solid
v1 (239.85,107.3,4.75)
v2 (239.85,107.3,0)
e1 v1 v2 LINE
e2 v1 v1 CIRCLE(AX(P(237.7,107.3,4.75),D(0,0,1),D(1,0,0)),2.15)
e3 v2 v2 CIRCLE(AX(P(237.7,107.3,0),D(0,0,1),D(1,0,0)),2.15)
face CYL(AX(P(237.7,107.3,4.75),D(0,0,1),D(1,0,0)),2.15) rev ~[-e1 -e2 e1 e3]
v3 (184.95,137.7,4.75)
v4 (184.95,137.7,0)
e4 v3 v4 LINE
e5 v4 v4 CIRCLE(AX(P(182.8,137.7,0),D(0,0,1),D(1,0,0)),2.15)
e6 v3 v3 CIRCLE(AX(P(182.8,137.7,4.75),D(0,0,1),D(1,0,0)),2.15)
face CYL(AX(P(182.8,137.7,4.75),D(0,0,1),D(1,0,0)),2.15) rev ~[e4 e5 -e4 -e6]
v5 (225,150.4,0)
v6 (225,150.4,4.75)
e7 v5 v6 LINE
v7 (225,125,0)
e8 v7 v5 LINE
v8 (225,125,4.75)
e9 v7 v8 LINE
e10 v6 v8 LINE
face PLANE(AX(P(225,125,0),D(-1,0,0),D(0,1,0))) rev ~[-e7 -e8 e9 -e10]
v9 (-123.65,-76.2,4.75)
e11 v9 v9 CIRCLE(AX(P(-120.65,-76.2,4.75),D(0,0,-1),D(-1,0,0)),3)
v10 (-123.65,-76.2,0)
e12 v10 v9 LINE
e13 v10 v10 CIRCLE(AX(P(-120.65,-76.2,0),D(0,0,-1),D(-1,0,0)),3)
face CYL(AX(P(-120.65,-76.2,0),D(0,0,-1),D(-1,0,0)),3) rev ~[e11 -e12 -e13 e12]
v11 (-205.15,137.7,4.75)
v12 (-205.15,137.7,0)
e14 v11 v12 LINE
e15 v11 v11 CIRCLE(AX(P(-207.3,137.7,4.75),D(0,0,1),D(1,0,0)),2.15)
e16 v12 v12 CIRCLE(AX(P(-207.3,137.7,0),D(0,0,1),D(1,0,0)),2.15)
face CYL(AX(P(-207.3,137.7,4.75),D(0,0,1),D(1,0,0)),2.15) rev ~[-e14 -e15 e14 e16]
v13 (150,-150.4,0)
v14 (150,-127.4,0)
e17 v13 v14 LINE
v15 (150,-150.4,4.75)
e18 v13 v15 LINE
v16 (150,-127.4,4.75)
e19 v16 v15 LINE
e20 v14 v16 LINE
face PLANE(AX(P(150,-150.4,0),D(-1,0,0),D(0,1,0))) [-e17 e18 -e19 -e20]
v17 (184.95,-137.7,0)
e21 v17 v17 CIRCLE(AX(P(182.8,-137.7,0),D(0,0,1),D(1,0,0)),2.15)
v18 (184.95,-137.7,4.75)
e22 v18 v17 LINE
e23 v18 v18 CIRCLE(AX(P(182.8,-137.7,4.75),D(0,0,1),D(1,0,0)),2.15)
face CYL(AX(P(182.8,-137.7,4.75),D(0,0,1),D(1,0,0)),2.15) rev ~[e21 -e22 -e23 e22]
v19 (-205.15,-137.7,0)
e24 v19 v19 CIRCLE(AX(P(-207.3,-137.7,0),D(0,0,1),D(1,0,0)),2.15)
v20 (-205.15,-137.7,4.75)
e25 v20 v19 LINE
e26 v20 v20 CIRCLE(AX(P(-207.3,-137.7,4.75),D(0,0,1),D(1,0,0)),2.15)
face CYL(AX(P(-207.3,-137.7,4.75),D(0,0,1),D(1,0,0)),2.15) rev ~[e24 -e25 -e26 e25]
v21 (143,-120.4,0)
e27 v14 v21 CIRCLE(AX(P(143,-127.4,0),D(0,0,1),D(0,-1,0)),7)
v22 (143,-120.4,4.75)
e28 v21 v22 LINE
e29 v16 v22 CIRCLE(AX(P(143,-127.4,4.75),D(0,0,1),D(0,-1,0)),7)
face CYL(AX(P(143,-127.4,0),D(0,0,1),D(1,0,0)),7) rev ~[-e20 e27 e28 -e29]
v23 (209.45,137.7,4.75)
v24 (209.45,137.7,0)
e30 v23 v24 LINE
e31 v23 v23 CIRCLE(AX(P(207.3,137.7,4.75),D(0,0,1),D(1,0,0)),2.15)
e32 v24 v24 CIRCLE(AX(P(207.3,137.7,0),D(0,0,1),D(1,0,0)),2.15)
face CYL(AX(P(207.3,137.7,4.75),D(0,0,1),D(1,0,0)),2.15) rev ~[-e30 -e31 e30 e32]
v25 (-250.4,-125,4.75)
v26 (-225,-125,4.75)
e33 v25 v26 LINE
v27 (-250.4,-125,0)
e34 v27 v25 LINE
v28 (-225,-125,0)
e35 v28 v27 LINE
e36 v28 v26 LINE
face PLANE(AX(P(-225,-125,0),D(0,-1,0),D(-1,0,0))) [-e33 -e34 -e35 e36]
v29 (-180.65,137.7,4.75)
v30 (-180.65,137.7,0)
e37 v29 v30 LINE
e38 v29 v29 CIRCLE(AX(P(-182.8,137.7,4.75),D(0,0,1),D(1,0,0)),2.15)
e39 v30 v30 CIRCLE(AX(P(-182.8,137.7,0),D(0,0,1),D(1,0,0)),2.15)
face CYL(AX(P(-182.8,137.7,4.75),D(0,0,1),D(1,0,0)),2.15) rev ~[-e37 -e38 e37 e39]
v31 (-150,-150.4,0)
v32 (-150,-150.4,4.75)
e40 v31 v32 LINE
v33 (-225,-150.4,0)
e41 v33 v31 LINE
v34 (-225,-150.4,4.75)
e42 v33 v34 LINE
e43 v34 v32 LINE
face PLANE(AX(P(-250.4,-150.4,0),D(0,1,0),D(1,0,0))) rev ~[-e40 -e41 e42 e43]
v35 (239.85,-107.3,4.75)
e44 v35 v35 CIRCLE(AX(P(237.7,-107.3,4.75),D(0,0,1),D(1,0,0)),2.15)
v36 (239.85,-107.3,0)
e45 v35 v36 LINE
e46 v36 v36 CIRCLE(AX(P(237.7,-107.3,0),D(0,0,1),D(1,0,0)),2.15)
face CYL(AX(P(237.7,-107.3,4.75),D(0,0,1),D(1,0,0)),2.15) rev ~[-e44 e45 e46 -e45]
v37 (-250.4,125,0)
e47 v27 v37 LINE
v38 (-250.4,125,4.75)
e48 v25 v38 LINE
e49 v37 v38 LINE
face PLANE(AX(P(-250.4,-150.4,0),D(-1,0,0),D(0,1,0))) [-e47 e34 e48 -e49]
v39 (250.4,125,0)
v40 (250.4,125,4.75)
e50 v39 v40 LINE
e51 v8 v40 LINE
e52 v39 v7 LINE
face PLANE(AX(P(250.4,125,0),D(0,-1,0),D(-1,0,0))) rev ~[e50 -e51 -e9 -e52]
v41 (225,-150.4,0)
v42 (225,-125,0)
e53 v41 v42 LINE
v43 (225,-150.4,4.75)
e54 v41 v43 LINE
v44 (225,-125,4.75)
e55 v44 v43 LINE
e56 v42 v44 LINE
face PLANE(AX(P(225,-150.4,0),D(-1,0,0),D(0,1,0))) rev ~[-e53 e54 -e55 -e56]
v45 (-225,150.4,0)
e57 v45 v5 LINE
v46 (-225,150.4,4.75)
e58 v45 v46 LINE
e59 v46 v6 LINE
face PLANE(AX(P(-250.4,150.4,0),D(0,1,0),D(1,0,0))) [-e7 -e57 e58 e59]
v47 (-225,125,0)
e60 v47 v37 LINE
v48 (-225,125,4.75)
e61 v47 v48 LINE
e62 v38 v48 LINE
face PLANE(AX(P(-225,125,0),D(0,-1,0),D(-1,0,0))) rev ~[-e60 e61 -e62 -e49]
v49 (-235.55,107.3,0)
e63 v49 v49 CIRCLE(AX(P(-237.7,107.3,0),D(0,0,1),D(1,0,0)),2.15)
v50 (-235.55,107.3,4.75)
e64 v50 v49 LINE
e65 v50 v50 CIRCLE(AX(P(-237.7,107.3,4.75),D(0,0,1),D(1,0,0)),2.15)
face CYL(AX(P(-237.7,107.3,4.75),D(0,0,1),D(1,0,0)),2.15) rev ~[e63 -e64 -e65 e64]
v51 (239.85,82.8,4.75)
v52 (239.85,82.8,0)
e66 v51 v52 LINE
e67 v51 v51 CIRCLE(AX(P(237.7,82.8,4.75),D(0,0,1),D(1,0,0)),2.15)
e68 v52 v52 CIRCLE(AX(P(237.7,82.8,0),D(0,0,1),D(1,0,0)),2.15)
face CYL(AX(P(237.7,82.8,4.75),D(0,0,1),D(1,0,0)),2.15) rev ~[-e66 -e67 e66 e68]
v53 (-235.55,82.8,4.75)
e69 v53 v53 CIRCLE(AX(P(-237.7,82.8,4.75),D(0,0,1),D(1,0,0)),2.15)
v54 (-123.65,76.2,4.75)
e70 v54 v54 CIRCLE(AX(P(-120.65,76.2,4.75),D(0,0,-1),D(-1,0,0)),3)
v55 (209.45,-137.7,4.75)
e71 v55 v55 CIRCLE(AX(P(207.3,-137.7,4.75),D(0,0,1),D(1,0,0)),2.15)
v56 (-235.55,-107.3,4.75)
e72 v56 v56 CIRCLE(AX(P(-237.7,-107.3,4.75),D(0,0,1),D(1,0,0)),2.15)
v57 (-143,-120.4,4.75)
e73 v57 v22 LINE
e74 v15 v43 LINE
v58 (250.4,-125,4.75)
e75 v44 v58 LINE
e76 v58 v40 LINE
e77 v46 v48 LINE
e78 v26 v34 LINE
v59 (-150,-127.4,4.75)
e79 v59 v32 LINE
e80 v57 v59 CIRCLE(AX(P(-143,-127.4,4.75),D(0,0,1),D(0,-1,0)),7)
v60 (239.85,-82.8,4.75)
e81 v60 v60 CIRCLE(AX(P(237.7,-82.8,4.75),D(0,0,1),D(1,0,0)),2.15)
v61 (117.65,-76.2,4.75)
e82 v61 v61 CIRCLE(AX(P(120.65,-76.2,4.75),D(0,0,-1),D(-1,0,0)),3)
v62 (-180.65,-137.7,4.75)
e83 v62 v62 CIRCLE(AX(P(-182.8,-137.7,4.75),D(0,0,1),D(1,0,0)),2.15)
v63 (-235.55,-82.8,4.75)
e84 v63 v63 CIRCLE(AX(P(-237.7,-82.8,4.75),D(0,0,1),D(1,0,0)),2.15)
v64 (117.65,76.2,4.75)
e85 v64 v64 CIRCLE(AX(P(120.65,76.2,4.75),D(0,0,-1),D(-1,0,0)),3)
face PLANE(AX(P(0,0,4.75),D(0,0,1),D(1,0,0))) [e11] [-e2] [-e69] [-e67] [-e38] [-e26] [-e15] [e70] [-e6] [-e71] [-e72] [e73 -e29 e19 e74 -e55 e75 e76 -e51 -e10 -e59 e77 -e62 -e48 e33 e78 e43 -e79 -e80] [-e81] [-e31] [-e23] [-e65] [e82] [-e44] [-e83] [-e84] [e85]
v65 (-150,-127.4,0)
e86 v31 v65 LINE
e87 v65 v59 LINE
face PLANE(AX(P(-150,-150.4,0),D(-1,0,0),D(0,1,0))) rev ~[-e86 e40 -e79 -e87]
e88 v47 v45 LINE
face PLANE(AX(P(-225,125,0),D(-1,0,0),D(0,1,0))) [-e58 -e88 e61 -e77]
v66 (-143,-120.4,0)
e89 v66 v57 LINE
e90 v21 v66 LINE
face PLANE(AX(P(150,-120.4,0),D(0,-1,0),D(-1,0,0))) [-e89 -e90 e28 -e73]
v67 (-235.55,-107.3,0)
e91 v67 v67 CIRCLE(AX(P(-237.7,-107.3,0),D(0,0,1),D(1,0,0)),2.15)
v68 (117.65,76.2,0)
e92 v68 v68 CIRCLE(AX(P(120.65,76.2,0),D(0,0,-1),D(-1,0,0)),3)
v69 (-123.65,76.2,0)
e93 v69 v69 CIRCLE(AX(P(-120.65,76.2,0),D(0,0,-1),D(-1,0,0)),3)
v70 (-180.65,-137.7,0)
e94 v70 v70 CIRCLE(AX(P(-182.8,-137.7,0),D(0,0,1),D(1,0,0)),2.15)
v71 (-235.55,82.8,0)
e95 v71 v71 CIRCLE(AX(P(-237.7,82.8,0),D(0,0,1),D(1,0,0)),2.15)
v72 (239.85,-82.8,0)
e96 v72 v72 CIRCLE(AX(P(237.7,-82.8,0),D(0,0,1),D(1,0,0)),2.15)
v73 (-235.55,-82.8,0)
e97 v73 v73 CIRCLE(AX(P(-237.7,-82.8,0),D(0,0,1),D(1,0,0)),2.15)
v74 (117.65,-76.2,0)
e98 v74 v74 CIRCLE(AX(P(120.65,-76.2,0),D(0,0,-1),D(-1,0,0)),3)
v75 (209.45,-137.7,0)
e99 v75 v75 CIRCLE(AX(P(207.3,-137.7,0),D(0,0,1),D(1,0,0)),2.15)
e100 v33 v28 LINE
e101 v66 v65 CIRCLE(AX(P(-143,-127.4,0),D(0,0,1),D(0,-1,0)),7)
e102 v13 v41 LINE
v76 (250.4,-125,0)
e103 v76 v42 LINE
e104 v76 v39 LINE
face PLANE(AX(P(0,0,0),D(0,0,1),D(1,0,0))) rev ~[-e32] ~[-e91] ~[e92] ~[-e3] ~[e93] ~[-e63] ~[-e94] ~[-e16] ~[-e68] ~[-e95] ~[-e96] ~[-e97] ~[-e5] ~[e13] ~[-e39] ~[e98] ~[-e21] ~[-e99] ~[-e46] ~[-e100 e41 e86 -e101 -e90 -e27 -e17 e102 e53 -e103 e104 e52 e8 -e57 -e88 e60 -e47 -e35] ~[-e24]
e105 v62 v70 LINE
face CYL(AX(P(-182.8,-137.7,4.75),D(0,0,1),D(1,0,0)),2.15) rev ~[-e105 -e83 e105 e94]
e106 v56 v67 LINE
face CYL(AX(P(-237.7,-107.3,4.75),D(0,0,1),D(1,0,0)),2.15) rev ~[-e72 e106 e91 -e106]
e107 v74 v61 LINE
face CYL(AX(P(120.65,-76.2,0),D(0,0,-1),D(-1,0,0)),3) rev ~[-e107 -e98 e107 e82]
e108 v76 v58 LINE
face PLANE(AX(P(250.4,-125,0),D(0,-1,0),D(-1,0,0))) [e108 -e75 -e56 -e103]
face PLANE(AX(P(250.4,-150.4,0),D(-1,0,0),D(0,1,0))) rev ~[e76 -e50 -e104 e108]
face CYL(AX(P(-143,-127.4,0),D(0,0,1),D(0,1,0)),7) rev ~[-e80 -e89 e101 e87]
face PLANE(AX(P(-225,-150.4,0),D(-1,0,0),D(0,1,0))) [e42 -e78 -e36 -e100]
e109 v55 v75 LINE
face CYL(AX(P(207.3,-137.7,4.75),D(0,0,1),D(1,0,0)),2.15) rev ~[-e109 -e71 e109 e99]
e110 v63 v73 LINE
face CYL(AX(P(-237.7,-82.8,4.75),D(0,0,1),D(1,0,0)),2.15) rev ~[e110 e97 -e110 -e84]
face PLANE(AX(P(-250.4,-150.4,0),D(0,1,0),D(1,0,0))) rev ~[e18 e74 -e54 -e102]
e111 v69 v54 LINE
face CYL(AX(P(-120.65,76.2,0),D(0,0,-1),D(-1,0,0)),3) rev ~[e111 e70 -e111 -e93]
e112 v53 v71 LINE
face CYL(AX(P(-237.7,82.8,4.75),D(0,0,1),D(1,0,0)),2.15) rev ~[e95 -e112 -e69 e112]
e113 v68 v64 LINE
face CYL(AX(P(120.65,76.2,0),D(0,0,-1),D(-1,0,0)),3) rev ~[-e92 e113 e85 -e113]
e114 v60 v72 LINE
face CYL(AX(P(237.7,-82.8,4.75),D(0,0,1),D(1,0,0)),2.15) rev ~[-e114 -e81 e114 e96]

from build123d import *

# Parameters (mm, degrees)
SKETCH_1_W          = 500.8
SKETCH_1_H          = 300.8
EXTRUDE_1_DEPTH     = 4.75
SKETCH_2_R          = 3
SKETCH_2_W          = 25.4
SKETCH_2_H          = 25.4
CUT_EXTRUDE_1_DEPTH = 10
SKETCH_3_R          = 2.15
CUT_EXTRUDE_2_DEPTH = 5
SKETCH_4_R          = 2.15
CUT_EXTRUDE_3_DEPTH = 5
SKETCH_5_R          = 2.15
SKETCH_5_R_2        = 2.150000001
CUT_EXTRUDE_4_DEPTH = 5
SKETCH_7_R          = 2.15
SKETCH_7_R_2        = 2.150000004
CUT_EXTRUDE_6_DEPTH = 5
SKETCH_8_W          = 300
SKETCH_8_H          = 30
CUT_EXTRUDE_7_DEPTH = 10
FILLET_2_R          = 7


with BuildPart() as part:
    # 草圖1 → 填料-伸長1 (new body)
    with BuildSketch(Plane.XY):
        Rectangle(SKETCH_1_W, SKETCH_1_H)
    extrude(amount=EXTRUDE_1_DEPTH)

    # 草圖2 → 除料-伸長1 (cut)
    with BuildSketch(Plane(origin=(0, 0, 0), x_dir=(-1, 0, 0), z_dir=(0, 0, -1))):
        with Locations((-120.65, 76.2)):
            Circle(SKETCH_2_R)
        with Locations((-120.65, -76.2)):
            Circle(SKETCH_2_R)
        with Locations((120.65, -76.2)):
            Circle(SKETCH_2_R)
        with Locations((120.65, 76.2)):
            Circle(SKETCH_2_R)
        with Locations((-237.7, 137.7)):
            Rectangle(SKETCH_2_W, SKETCH_2_H)
        with Locations((-237.7, -137.7)):
            Rectangle(SKETCH_2_W, SKETCH_2_H)
        with Locations((237.7, 137.7)):
            Rectangle(SKETCH_2_W, SKETCH_2_H)
        with Locations((237.7, -137.7)):
            Rectangle(SKETCH_2_W, SKETCH_2_H)
    extrude(amount=-CUT_EXTRUDE_1_DEPTH, mode=Mode.SUBTRACT)

    # 草圖3 → 除料-伸長2 (cut)
    with BuildSketch(Plane.XY.offset(4.75)):
        with Locations((207.3, 137.7)):
            Circle(SKETCH_3_R)
        with Locations((182.8, 137.7)):
            Circle(SKETCH_3_R)
    extrude(amount=-CUT_EXTRUDE_2_DEPTH, mode=Mode.SUBTRACT)

    # 草圖4 → 除料-伸長3 (cut)
    with BuildSketch(Plane.XY.offset(4.75)):
        with Locations((237.7, 82.8)):
            Circle(SKETCH_4_R)
        with Locations((237.7, 107.3)):
            Circle(SKETCH_4_R)
    extrude(amount=-CUT_EXTRUDE_3_DEPTH, mode=Mode.SUBTRACT)

    # 草圖5 → 除料-伸長4 (cut)
    with BuildSketch(Plane.XY.offset(4.75)):
        with Locations((237.7, -107.300000014)):
            Circle(SKETCH_5_R)
        with Locations((237.7, -82.800000014)):
            Circle(SKETCH_5_R)
        with Locations((207.3, -137.7)):
            Circle(SKETCH_5_R_2)
        with Locations((182.8, -137.7)):
            Circle(SKETCH_5_R)
    extrude(amount=-CUT_EXTRUDE_4_DEPTH, mode=Mode.SUBTRACT)

    # 草圖7 → 除料-伸長6 (cut)
    with BuildSketch(Plane.XY.offset(4.75)):
        with Locations((-182.8, -137.7)):
            Circle(SKETCH_7_R)
        with Locations((-207.3, -137.7)):
            Circle(SKETCH_7_R)
        with Locations((-237.7, -107.3)):
            Circle(SKETCH_7_R)
        with Locations((-237.7, -82.8)):
            Circle(SKETCH_7_R)
        with Locations((-237.7, 82.800000014)):
            Circle(SKETCH_7_R_2)
        with Locations((-237.7, 107.300000014)):
            Circle(SKETCH_7_R_2)
        with Locations((-207.3, 137.7)):
            Circle(SKETCH_7_R)
        with Locations((-182.8, 137.7)):
            Circle(SKETCH_7_R)
    extrude(amount=-CUT_EXTRUDE_6_DEPTH, mode=Mode.SUBTRACT)

    # 草圖8 → 除料-伸長7 (cut)
    with BuildSketch(Plane(origin=(0, 0, 0), x_dir=(-1, 0, 0), z_dir=(0, 0, -1))):
        with Locations((0, -135.4)):
            Rectangle(SKETCH_8_W, SKETCH_8_H)
    extrude(amount=-CUT_EXTRUDE_7_DEPTH, mode=Mode.SUBTRACT)

    # 圓角2
    fillet_2_edges = [part.edges().sort_by_distance(p)[0] for p in [
        (150, -120.4, 2.375),
        (-150, -120.4, 2.375),
    ]]
    fillet(fillet_2_edges, radius=FILLET_2_R)


solid = part.part
